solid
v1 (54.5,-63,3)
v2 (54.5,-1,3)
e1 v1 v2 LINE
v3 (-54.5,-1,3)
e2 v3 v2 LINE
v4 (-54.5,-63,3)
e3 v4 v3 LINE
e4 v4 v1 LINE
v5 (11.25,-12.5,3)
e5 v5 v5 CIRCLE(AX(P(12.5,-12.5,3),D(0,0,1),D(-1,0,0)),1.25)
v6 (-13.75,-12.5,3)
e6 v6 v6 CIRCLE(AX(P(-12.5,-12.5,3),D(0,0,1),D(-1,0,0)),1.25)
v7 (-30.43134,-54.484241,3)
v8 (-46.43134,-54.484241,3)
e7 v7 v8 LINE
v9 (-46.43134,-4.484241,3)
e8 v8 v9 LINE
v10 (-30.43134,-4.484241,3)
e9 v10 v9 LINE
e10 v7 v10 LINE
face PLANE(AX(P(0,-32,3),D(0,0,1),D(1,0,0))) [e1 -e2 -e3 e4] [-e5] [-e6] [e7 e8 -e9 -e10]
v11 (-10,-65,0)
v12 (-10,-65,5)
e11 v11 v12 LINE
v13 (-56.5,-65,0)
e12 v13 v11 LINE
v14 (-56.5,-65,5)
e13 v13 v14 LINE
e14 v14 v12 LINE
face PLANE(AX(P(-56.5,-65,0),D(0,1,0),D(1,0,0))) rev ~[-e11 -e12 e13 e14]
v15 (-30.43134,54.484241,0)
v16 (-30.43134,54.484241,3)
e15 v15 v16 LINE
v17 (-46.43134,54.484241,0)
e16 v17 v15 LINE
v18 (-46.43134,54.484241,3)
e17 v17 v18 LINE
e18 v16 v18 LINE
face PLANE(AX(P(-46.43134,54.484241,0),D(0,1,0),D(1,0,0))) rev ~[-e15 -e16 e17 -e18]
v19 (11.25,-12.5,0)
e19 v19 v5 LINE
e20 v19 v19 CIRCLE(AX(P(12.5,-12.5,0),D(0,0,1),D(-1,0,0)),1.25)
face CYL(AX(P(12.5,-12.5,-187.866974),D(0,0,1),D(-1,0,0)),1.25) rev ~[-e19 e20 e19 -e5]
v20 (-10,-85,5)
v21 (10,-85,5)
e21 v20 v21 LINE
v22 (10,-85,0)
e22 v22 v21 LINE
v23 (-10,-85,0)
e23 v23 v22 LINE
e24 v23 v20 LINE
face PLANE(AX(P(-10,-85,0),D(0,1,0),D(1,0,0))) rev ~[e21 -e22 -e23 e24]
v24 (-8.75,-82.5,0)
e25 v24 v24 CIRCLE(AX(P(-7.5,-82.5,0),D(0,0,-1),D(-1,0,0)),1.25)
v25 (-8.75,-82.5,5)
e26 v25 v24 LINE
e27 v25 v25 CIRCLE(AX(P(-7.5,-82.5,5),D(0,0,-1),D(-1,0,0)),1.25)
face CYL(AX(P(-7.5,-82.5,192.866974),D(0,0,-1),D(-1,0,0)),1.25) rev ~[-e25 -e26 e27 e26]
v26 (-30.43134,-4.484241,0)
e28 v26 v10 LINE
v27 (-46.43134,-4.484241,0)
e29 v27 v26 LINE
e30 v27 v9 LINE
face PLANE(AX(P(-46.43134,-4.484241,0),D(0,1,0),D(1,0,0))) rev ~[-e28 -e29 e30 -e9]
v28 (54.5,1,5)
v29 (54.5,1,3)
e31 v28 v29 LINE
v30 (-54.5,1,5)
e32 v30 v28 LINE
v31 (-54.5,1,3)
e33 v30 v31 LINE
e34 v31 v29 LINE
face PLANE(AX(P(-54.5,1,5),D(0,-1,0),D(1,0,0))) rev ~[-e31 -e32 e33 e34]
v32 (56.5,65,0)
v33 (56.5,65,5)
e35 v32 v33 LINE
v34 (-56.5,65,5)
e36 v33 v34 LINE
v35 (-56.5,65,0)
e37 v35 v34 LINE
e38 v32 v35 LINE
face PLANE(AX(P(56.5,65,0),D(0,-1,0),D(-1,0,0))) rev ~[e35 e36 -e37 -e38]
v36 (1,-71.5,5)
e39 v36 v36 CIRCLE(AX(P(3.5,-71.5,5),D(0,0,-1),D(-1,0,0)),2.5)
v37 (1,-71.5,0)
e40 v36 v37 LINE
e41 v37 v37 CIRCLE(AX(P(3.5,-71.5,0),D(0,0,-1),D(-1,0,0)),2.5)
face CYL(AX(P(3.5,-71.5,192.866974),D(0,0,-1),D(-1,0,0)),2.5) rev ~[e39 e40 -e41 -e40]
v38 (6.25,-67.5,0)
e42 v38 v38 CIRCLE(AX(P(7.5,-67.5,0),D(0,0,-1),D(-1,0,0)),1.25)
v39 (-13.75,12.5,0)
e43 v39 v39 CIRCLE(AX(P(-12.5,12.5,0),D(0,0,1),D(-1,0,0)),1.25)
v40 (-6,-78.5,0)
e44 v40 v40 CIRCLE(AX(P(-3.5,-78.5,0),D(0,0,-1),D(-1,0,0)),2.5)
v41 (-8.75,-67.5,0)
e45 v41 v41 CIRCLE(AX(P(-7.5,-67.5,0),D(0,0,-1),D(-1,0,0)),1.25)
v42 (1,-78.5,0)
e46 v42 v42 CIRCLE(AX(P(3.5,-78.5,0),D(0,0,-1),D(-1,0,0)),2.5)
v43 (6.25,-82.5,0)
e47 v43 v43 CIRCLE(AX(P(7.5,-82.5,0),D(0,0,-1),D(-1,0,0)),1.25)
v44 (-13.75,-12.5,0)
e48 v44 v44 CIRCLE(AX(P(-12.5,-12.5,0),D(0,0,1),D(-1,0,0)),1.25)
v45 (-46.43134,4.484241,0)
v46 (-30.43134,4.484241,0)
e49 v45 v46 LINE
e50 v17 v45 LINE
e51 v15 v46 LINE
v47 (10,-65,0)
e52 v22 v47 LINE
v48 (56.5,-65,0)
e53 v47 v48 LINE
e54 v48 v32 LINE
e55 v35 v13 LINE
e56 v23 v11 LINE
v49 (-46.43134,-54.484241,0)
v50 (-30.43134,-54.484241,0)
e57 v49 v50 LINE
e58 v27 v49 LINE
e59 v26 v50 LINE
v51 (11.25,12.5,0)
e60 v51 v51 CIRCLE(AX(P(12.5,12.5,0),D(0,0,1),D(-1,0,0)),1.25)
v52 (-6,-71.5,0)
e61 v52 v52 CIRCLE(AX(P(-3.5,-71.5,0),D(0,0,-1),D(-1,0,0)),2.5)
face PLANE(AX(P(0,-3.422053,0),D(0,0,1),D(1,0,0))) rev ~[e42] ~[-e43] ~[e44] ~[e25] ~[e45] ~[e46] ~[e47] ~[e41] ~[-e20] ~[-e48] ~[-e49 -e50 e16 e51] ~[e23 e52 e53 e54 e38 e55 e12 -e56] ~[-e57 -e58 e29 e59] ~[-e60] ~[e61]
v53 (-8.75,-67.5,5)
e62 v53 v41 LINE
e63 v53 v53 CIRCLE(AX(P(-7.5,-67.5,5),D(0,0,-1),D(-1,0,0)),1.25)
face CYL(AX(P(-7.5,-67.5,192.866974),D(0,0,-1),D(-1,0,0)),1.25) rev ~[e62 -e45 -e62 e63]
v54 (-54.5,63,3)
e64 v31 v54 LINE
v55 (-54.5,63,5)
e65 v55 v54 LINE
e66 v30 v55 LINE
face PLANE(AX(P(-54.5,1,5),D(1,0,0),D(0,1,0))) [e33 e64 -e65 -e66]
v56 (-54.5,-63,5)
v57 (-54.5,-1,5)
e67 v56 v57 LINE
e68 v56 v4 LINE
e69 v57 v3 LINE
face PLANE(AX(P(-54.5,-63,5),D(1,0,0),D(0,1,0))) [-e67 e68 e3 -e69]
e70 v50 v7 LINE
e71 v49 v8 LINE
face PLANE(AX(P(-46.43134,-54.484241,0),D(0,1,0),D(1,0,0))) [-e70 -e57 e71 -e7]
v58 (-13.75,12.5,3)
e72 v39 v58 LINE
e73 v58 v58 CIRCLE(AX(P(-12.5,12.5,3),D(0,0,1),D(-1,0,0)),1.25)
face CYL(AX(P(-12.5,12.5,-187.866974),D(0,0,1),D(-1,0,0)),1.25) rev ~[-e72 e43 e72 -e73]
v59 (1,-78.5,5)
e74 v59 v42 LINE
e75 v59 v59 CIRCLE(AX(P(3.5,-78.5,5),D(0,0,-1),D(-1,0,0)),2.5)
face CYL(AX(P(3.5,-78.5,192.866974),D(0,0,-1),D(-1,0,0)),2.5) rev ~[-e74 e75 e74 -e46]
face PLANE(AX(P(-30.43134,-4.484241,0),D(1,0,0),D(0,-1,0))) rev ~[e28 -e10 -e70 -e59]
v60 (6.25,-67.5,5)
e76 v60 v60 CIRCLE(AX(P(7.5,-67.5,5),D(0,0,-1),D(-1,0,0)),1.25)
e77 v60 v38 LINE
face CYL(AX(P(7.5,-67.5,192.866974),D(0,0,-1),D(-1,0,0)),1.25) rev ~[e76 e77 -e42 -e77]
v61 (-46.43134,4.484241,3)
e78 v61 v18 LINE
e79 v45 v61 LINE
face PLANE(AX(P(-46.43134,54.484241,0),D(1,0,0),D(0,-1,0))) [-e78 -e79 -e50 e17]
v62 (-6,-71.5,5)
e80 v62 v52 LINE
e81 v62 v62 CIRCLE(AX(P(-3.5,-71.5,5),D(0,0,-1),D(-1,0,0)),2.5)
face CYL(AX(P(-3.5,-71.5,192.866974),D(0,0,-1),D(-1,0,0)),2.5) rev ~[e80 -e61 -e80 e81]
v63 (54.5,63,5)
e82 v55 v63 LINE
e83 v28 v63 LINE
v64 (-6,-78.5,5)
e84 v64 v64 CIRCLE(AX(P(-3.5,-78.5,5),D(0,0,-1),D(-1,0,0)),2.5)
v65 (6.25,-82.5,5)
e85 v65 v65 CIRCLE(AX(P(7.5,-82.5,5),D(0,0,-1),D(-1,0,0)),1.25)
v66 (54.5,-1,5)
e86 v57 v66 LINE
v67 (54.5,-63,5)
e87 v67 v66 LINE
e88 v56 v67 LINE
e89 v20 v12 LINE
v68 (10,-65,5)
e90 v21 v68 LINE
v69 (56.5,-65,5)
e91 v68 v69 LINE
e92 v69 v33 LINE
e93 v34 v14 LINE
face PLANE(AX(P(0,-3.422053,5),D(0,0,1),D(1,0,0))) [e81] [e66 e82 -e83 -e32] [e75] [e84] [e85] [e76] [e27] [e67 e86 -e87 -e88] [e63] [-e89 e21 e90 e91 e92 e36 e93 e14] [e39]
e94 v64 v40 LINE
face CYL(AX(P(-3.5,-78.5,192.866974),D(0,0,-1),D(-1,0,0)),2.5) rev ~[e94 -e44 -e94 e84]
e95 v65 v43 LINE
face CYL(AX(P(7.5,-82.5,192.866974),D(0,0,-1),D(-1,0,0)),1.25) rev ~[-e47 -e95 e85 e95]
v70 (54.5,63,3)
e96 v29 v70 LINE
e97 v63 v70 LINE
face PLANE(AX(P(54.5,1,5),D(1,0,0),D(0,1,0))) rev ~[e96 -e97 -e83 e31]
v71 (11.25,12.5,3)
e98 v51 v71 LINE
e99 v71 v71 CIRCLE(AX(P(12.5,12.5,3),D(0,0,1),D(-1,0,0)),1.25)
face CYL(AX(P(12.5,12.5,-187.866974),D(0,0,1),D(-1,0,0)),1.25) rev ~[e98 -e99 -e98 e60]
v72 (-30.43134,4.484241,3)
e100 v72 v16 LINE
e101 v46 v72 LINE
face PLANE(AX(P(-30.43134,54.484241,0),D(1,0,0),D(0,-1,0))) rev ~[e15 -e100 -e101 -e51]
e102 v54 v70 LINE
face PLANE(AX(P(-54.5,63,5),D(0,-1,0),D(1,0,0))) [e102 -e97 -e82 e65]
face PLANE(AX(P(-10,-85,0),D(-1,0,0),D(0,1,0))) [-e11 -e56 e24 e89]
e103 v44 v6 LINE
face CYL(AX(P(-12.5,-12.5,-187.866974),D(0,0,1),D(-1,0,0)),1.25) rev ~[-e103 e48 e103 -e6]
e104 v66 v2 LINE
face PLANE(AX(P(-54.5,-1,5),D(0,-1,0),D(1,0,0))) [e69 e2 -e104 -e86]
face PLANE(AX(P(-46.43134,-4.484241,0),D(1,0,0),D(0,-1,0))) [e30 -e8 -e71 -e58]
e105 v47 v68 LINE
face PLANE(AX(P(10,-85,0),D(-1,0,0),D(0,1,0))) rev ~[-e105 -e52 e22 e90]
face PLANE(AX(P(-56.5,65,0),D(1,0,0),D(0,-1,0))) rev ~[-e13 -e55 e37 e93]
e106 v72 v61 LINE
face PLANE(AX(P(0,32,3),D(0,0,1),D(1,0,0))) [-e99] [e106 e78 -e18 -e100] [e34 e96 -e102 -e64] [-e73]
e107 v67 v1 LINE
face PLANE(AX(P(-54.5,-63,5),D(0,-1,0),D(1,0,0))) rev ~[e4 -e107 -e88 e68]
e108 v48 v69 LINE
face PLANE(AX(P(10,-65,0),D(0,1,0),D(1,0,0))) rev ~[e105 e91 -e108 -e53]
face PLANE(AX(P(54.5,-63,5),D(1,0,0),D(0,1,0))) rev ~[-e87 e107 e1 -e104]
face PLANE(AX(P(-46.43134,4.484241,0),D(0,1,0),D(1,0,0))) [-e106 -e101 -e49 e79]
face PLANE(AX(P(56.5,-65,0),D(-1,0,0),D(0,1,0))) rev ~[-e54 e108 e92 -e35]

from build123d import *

# Parameters (mm, degrees)
F0_W      = 20
F0_H      = 20
F1_DEPTH  = 5
F3_D      = 2.5
F4_D      = 5
F5_W      = 109
F5_H      = 62
F6_DEPTH  = 2
F8_D      = 2.5
F9_W      = 16
F9_H      = 50
F10_DEPTH = 5.001


with BuildPart() as f1:
    # F0 (on Top) → F1 (new body)
    with BuildSketch(Plane.XY):
        Polygon((56.5, -65), (56.5, 65), (-56.5, 65), (-56.5, -65), (-10, -65), (-10, -45), (10, -45), (10, -65), align=None)
        with Locations((0, -75)):
            Rectangle(F0_W, F0_H)
        with Locations((0, -55)):
            Rectangle(F0_W, F0_H)
    extrude(amount=F1_DEPTH)

    # F3 (through all)
    with Locations(Plane.XY.offset(5)):
        with Locations((-7.5, -82.5), (-7.5, -67.5), (7.5, -67.5), (7.5, -82.5)):
            Hole(F3_D / 2)

    # F4 (through all)
    with Locations(Plane.XY.offset(5)):
        with Locations((-3.5, -71.5), (3.5, -71.5), (3.5, -78.5), (-3.5, -78.5)):
            Hole(F4_D / 2)

    # F5 (on face) → F6 (cut)
    with BuildSketch(Plane.XY.offset(5)):
        with Locations((0, 32)):
            Rectangle(F5_W, F5_H)
        with Locations((0, -32)):
            Rectangle(F5_W, F5_H)
    extrude(amount=-F6_DEPTH, mode=Mode.SUBTRACT)

    # F8 (through all)
    with Locations(Plane(origin=(0, 0, 0), x_dir=(1, 0, 0), z_dir=(0, 0, -1))):
        with Locations((-12.5, 12.5), (12.5, 12.5), (12.5, -12.5), (-12.5, -12.5)):
            Hole(F8_D / 2)

    # F9 (on face) → F10 (cut, through all)
    with BuildSketch(Plane(origin=(0, 0, 0), x_dir=(1, 0, 0), z_dir=(0, 0, -1))):
        with Locations((-38.4313402772, 29.4842413627)):
            Rectangle(F9_W, F9_H)
        with Locations((-38.4313402772, -29.4842413627)):
            Rectangle(F9_W, F9_H)
    extrude(amount=-F10_DEPTH, mode=Mode.SUBTRACT)


solid = f1.part
